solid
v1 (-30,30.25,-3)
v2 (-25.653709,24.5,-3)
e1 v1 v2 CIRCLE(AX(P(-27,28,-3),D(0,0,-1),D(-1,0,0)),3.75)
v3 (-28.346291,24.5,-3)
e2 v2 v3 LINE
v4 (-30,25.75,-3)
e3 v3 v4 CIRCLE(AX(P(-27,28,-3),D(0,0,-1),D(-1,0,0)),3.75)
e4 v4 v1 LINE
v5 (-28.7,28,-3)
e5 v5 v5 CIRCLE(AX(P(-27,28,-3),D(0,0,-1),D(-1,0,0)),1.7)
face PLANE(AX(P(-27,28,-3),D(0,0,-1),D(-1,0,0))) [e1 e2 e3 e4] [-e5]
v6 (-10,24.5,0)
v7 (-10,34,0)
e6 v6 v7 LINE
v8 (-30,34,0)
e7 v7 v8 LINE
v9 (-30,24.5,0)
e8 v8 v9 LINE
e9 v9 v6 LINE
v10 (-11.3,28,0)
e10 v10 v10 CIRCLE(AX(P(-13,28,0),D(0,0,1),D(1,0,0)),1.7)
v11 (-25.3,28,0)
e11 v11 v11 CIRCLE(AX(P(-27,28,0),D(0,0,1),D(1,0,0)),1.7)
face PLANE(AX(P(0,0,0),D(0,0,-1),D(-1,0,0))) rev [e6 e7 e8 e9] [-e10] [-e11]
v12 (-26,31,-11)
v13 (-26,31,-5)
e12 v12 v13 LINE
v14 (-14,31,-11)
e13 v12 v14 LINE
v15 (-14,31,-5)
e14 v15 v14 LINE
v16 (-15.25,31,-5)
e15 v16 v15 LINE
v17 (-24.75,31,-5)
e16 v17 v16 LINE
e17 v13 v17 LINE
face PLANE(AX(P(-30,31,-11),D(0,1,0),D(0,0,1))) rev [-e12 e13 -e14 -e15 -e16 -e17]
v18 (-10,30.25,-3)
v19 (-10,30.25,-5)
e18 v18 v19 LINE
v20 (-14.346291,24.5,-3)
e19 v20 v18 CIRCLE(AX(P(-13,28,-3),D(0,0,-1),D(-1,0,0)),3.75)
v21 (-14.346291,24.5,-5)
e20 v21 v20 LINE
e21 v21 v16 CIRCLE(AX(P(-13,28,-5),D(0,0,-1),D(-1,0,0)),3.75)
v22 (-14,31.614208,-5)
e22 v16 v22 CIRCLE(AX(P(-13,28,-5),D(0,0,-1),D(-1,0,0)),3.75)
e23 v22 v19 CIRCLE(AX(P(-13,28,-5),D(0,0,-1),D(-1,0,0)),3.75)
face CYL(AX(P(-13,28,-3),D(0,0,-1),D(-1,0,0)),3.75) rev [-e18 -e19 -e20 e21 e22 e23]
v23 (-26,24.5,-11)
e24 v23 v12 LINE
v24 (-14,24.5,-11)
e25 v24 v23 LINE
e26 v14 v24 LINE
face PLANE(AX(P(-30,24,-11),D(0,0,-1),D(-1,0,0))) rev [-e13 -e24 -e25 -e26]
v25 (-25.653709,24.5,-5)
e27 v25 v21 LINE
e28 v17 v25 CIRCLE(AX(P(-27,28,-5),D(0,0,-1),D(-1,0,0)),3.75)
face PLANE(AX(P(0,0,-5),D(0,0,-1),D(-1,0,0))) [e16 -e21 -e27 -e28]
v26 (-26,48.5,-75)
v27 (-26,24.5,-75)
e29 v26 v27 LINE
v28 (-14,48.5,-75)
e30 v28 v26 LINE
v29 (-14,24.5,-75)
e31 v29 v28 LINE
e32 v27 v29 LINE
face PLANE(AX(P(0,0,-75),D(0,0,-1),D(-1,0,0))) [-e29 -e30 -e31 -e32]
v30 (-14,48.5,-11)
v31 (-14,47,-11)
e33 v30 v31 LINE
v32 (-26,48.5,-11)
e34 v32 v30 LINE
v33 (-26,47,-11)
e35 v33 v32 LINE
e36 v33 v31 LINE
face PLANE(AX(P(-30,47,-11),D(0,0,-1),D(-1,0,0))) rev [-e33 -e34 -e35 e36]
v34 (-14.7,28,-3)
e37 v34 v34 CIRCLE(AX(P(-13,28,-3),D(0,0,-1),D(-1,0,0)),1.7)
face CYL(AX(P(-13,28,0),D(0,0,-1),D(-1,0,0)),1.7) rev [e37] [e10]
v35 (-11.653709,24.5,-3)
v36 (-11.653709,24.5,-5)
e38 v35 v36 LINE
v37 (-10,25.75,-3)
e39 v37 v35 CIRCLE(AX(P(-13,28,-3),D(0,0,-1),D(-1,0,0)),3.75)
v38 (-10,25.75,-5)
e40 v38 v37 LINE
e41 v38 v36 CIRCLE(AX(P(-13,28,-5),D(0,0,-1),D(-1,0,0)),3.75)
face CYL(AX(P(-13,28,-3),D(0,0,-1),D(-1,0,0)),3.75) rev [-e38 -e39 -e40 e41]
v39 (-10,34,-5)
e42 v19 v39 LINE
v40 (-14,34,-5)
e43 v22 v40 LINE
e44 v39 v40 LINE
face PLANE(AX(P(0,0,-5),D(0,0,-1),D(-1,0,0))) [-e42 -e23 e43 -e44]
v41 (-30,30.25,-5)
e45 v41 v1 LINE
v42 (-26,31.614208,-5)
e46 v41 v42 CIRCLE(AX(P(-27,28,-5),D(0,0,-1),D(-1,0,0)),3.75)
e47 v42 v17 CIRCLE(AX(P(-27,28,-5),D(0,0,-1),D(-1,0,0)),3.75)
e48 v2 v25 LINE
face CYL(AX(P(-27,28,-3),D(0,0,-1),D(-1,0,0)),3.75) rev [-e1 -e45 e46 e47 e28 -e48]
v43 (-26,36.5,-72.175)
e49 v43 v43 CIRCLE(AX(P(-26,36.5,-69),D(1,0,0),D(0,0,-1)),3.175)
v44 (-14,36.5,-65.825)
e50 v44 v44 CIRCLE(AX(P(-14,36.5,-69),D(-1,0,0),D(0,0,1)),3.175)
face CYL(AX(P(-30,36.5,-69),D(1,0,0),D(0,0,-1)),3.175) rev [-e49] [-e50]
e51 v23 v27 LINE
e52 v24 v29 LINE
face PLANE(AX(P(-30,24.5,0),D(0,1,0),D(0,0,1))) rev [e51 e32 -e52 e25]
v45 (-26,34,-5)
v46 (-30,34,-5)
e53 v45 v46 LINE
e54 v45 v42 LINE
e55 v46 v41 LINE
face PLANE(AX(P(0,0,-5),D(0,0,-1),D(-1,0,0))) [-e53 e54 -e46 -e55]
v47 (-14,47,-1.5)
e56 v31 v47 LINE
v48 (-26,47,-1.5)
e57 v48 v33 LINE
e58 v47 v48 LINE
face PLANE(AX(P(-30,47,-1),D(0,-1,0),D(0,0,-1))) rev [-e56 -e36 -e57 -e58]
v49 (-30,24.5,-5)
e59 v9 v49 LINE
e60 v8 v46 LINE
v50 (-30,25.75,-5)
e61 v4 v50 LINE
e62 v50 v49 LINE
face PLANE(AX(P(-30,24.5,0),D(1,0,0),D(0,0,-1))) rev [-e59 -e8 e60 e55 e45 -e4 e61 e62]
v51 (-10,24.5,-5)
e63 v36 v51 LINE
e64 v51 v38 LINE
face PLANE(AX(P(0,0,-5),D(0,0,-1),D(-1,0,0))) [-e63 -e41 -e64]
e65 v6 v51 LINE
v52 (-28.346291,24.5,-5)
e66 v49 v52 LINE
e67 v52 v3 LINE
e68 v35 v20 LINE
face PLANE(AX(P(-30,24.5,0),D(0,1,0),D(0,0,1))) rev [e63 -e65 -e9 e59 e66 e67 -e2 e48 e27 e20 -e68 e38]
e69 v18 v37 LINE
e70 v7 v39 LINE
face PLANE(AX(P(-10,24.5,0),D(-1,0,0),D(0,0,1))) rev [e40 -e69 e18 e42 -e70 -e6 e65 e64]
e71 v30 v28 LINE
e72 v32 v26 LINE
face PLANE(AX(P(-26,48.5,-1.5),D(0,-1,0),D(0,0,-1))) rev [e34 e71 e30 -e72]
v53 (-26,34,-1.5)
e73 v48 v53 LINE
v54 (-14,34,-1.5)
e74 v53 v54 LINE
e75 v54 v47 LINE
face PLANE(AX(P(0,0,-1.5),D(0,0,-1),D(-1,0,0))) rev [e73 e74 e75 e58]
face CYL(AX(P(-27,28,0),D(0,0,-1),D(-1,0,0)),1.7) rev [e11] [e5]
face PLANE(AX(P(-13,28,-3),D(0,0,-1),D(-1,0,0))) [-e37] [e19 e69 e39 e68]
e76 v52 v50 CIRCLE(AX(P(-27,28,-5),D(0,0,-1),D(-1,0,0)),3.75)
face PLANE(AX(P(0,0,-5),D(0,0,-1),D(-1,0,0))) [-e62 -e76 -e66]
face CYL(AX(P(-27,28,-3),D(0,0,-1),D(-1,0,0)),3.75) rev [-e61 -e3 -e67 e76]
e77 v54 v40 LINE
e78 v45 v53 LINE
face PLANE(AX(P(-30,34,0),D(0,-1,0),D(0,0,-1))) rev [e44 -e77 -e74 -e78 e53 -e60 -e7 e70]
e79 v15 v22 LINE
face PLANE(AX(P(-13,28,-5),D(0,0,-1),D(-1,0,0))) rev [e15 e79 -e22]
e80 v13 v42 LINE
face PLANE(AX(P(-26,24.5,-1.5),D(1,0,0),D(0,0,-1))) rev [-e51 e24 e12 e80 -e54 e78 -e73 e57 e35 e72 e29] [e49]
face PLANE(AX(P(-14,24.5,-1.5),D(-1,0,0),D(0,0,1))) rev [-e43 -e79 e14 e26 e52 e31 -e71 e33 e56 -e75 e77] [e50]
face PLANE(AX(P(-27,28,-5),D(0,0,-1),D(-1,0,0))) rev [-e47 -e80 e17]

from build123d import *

# Parameters (mm, degrees)
FIVE_MM_ATTACHMENT_FOOT_START                      = -5
SKETCH1_W                                          = 20
SKETCH1_H                                          = 9.5
SKETCH1_R                                          = 1.7
FIVE_MM_ATTACHMENT_FOOT_DEPTH                      = 5
DEEP_ACTUATOR_WEB_START                            = -69
SKETCH2_W                                          = 12
SKETCH2_H                                          = 24
DEEP_ACTUATOR_WEB_DEPTH                            = 67.5
QUARTER20_AXIAL_THREAD_MAJOR_ENVELOPE_DEPTH        = 90.516758208
QUARTER20_AXIAL_THREAD_MAJOR_ENVELOPE_DEPTH_BACK   = 90.516758208
SKETCH3_R                                          = 3.175
BENCH_X_BORE_LOWER_LIGAMENT_START                  = -75
SKETCH4_W                                          = 12
SKETCH4_H                                          = 24
BENCH_X_BORE_LOWER_LIGAMENT_DEPTH                  = 6.01
BENCH_COMPLETE_QUARTER20_MAJOR_ENVELOPE_DEPTH      = 95.21915941
BENCH_COMPLETE_QUARTER20_MAJOR_ENVELOPE_DEPTH_BACK = 95.21915941
SKETCH5_R                                          = 3.175
FIXED_BASE_WINDOW_RELIEF_DEPTH                     = 95.21915941
FIXED_BASE_WINDOW_RELIEF_DEPTH_BACK                = 95.21915941
SKETCH6_W                                          = 6
SKETCH6_H                                          = 7
SKETCH6_W_2                                        = 10
SKETCH6_H_2                                        = 2
XDROP_M3_THROUGH_RECUT_START                       = -5.5
SKETCH7_R                                          = 1.7
XDROP_M3_THROUGH_RECUT_DEPTH                       = 5.5
SKETCH8_R                                          = 3.75
XDROP_M3_BOTTOM_COUNTERBORE_H2_DEPTH               = 2


with BuildPart() as part:
    # Sketch1 → Five_mm_Attachment_Foot (new body)
    with BuildSketch(Plane.XY.offset(FIVE_MM_ATTACHMENT_FOOT_START)):
        with Locations((-20, 29.25)):
            Rectangle(SKETCH1_W, SKETCH1_H)
        with Locations((-27, 28)):
            Circle(SKETCH1_R, mode=Mode.SUBTRACT)
        with Locations((-13, 28)):
            Circle(SKETCH1_R, mode=Mode.SUBTRACT)
    extrude(amount=FIVE_MM_ATTACHMENT_FOOT_DEPTH)

    # Sketch2 → Deep_Actuator_Web (add)
    with BuildSketch(Plane.XY.offset(DEEP_ACTUATOR_WEB_START)):
        with Locations((-20, 36.5)):
            Rectangle(SKETCH2_W, SKETCH2_H)
    extrude(amount=DEEP_ACTUATOR_WEB_DEPTH)

    # Sketch3 → Quarter20_Axial_Thread_Major_Envelope (cut, two sides: drawn at the far end of the back side and taken through both)
    with BuildSketch(Plane(origin=(0, 0, 0), x_dir=(0, 0, -1), z_dir=(1, 0, 0)).offset(-QUARTER20_AXIAL_THREAD_MAJOR_ENVELOPE_DEPTH_BACK)):
        with Locations((69, 36.5)):
            Circle(SKETCH3_R)
    extrude(amount=QUARTER20_AXIAL_THREAD_MAJOR_ENVELOPE_DEPTH + QUARTER20_AXIAL_THREAD_MAJOR_ENVELOPE_DEPTH_BACK, mode=Mode.SUBTRACT)

    # Sketch4 → Bench_X_Bore_Lower_Ligament (add)
    with BuildSketch(Plane.XY.offset(BENCH_X_BORE_LOWER_LIGAMENT_START)):
        with Locations((-20, 36.5)):
            Rectangle(SKETCH4_W, SKETCH4_H)
    extrude(amount=BENCH_X_BORE_LOWER_LIGAMENT_DEPTH)

    # Sketch5 → Bench_Complete_Quarter20_Major_Envelope (cut, two sides: drawn at the far end of the back side and taken through both)
    with BuildSketch(Plane(origin=(0, 0, 0), x_dir=(0, 0, -1), z_dir=(1, 0, 0)).offset(-BENCH_COMPLETE_QUARTER20_MAJOR_ENVELOPE_DEPTH_BACK)):
        with Locations((69, 36.5)):
            Circle(SKETCH5_R)
    extrude(amount=BENCH_COMPLETE_QUARTER20_MAJOR_ENVELOPE_DEPTH + BENCH_COMPLETE_QUARTER20_MAJOR_ENVELOPE_DEPTH_BACK, mode=Mode.SUBTRACT)

    # Sketch6 → Fixed_Base_Window_Relief (cut, two sides: drawn at the far end of the back side and taken through both)
    with BuildSketch(Plane(origin=(0, 0, 0), x_dir=(0, 0, -1), z_dir=(1, 0, 0)).offset(-FIXED_BASE_WINDOW_RELIEF_DEPTH_BACK)):
        with Locations((8, 27.5)):
            Rectangle(SKETCH6_W, SKETCH6_H)
        with Locations((6, 48)):
            Rectangle(SKETCH6_W_2, SKETCH6_H_2)
    extrude(amount=FIXED_BASE_WINDOW_RELIEF_DEPTH + FIXED_BASE_WINDOW_RELIEF_DEPTH_BACK, mode=Mode.SUBTRACT)

    # Sketch7 → XDrop_M3_Through_Recut (cut)
    with BuildSketch(Plane.XY.offset(XDROP_M3_THROUGH_RECUT_START)):
        with Locations((-27, 28)):
            Circle(SKETCH7_R)
        with Locations((-13, 28)):
            Circle(SKETCH7_R)
    extrude(amount=XDROP_M3_THROUGH_RECUT_DEPTH, mode=Mode.SUBTRACT)

    # Sketch8 → XDrop_M3_Bottom_Counterbore_H2 (cut)
    with BuildSketch(Plane(origin=(0, 0, -5), x_dir=(-1, 0, 0), z_dir=(0, 0, -1))):
        with Locations((27, 28)):
            Circle(SKETCH8_R)
        with Locations((13, 28)):
            Circle(SKETCH8_R)
    extrude(amount=-XDROP_M3_BOTTOM_COUNTERBORE_H2_DEPTH, mode=Mode.SUBTRACT)


solid = part.part
